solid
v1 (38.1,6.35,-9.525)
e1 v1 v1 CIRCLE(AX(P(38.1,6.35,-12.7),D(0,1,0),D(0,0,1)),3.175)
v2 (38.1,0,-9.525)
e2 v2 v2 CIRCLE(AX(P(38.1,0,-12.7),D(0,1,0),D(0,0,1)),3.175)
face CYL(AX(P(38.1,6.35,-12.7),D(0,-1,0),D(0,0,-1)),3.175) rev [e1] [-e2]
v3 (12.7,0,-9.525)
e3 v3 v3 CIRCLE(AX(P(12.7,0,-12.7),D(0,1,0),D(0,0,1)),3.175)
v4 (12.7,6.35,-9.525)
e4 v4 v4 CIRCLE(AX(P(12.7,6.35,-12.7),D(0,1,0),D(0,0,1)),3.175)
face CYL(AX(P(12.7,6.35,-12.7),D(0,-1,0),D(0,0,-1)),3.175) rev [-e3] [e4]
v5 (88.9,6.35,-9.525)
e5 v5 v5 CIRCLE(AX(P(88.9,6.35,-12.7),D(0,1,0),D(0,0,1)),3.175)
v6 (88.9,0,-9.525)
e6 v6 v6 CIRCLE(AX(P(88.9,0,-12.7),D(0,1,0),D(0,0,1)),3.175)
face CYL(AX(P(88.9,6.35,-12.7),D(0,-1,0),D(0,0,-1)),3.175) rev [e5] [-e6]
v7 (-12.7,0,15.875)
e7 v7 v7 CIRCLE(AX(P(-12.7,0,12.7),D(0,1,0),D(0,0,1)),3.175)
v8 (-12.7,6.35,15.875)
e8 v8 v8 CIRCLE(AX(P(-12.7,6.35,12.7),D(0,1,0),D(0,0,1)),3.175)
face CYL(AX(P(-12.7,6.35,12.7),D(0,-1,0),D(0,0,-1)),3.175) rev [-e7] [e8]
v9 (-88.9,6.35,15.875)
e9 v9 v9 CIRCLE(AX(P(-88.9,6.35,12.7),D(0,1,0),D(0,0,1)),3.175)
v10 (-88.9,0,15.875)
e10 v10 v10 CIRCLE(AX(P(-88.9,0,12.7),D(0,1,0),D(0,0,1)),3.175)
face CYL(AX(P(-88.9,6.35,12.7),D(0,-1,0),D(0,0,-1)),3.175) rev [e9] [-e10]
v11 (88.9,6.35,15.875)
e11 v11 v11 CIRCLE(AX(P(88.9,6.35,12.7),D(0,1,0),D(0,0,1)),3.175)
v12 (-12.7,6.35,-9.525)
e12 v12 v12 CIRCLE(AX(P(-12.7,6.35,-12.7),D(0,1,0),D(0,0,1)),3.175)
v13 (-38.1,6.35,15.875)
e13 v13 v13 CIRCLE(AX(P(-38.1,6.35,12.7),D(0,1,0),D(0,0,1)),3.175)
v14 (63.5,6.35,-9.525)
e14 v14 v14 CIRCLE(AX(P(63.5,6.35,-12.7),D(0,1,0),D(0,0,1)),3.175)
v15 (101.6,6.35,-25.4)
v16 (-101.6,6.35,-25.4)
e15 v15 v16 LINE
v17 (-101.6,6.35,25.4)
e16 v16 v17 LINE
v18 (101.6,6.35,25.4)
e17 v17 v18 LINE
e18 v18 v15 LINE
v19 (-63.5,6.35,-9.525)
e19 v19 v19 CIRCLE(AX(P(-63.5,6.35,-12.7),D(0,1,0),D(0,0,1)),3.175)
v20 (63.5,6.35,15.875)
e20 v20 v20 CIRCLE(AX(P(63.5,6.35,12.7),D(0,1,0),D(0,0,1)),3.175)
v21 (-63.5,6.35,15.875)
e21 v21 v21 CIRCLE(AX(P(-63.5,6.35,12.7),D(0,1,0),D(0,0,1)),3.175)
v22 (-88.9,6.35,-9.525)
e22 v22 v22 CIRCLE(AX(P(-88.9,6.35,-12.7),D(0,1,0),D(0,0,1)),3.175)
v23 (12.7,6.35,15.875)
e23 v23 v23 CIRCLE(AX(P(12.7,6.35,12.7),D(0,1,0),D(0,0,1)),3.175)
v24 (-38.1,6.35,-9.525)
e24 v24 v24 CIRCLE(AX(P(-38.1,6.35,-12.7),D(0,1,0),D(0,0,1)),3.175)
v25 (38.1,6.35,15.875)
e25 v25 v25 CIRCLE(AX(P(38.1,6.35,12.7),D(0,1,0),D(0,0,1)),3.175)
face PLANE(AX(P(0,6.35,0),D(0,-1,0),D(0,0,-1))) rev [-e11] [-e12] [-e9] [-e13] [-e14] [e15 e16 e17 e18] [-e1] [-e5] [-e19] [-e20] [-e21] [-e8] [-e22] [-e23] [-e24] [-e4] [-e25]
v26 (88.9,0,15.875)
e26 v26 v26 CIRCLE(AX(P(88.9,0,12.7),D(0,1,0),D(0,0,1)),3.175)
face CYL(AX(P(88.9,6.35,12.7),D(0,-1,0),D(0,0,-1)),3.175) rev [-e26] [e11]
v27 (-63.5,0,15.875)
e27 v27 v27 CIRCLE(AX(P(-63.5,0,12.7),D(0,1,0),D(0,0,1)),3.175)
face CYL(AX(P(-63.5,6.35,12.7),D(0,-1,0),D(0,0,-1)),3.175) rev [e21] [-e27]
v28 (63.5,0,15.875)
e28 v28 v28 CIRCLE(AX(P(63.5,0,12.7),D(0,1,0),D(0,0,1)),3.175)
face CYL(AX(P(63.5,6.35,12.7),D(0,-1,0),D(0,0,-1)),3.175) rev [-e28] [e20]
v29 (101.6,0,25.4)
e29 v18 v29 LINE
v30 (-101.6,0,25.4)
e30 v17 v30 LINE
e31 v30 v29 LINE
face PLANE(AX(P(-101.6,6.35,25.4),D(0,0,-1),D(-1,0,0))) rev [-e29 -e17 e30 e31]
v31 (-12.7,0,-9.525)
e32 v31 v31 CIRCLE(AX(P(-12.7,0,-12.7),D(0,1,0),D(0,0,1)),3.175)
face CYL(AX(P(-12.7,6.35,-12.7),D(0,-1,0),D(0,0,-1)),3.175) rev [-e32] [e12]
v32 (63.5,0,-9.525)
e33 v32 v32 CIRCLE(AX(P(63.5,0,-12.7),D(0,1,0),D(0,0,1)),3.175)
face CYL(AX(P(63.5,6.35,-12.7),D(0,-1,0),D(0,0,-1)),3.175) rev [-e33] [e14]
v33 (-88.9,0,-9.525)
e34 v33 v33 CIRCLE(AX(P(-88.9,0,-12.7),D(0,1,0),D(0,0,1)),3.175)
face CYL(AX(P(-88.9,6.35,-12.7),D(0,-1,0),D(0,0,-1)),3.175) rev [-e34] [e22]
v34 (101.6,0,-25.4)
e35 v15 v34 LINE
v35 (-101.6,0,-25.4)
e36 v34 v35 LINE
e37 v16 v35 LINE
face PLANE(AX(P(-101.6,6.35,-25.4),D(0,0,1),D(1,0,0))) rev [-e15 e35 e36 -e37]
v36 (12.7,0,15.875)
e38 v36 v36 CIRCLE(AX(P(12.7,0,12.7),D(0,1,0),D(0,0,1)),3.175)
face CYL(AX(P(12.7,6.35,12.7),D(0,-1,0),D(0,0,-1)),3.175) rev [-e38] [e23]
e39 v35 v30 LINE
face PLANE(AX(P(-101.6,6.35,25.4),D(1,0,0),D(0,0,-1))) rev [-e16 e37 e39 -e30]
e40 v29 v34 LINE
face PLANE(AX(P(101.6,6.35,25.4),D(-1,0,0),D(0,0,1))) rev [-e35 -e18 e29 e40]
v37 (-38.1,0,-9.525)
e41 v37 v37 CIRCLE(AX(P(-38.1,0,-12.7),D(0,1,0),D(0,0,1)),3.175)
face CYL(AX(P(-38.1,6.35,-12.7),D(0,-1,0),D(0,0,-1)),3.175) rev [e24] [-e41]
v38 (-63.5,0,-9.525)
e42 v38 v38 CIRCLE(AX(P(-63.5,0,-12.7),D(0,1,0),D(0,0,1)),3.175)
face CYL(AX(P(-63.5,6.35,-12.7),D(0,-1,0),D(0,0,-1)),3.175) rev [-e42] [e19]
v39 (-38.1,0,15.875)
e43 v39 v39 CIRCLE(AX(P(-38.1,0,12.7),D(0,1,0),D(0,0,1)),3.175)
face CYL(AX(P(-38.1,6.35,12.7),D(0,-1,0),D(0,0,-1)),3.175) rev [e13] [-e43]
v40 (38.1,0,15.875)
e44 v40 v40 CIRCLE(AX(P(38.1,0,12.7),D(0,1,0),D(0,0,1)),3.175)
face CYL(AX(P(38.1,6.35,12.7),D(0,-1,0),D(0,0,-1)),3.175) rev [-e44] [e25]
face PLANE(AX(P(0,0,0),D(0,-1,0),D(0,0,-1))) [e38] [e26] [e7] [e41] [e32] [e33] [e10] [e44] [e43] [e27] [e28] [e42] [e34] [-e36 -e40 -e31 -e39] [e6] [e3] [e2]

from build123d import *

# Parameters (mm, degrees)
SKETCH1_W           = 203.2
SKETCH1_H           = 50.8
SKETCH1_R           = 3.175
BOSS_EXTRUDE1_DEPTH = 6.35


with BuildPart() as part:
    # Sketch1 → Boss-Extrude1 (new body)
    with BuildSketch(Plane(origin=(0, 0, 0), x_dir=(1, 0, 0), z_dir=(0, 1, 0))):
        Rectangle(SKETCH1_W, SKETCH1_H)
        with Locations(Location((-88.9, 12.7, 0), (0, 0, 270))):
            Circle(SKETCH1_R, mode=Mode.SUBTRACT)
        with Locations(Location((-63.5, 12.7, 0), (0, 0, 270))):
            Circle(SKETCH1_R, mode=Mode.SUBTRACT)
        with Locations(Location((-38.1, 12.7, 0), (0, 0, 270))):
            Circle(SKETCH1_R, mode=Mode.SUBTRACT)
        with Locations(Location((-12.7, 12.7, 0), (0, 0, 270))):
            Circle(SKETCH1_R, mode=Mode.SUBTRACT)
        with Locations(Location((12.7, 12.7, 0), (0, 0, 270))):
            Circle(SKETCH1_R, mode=Mode.SUBTRACT)
        with Locations(Location((38.1, 12.7, 0), (0, 0, 270))):
            Circle(SKETCH1_R, mode=Mode.SUBTRACT)
        with Locations(Location((63.5, 12.7, 0), (0, 0, 270))):
            Circle(SKETCH1_R, mode=Mode.SUBTRACT)
        with Locations(Location((88.9, 12.7, 0), (0, 0, 270))):
            Circle(SKETCH1_R, mode=Mode.SUBTRACT)
        with Locations(Location((-63.5, -12.7, 0), (0, 0, 270))):
            Circle(SKETCH1_R, mode=Mode.SUBTRACT)
        with Locations(Location((-38.1, -12.7, 0), (0, 0, 270))):
            Circle(SKETCH1_R, mode=Mode.SUBTRACT)
        with Locations(Location((-12.7, -12.7, 0), (0, 0, 270))):
            Circle(SKETCH1_R, mode=Mode.SUBTRACT)
        with Locations(Location((12.7, -12.7, 0), (0, 0, 270))):
            Circle(SKETCH1_R, mode=Mode.SUBTRACT)
        with Locations(Location((38.1, -12.7, 0), (0, 0, 270))):
            Circle(SKETCH1_R, mode=Mode.SUBTRACT)
        with Locations(Location((63.5, -12.7, 0), (0, 0, 270))):
            Circle(SKETCH1_R, mode=Mode.SUBTRACT)
        with Locations(Location((88.9, -12.7, 0), (0, 0, 270))):
            Circle(SKETCH1_R, mode=Mode.SUBTRACT)
        with Locations(Location((-88.9, -12.7, 0), (0, 0, 270))):
            Circle(SKETCH1_R, mode=Mode.SUBTRACT)
    extrude(amount=BOSS_EXTRUDE1_DEPTH)


solid = part.part
